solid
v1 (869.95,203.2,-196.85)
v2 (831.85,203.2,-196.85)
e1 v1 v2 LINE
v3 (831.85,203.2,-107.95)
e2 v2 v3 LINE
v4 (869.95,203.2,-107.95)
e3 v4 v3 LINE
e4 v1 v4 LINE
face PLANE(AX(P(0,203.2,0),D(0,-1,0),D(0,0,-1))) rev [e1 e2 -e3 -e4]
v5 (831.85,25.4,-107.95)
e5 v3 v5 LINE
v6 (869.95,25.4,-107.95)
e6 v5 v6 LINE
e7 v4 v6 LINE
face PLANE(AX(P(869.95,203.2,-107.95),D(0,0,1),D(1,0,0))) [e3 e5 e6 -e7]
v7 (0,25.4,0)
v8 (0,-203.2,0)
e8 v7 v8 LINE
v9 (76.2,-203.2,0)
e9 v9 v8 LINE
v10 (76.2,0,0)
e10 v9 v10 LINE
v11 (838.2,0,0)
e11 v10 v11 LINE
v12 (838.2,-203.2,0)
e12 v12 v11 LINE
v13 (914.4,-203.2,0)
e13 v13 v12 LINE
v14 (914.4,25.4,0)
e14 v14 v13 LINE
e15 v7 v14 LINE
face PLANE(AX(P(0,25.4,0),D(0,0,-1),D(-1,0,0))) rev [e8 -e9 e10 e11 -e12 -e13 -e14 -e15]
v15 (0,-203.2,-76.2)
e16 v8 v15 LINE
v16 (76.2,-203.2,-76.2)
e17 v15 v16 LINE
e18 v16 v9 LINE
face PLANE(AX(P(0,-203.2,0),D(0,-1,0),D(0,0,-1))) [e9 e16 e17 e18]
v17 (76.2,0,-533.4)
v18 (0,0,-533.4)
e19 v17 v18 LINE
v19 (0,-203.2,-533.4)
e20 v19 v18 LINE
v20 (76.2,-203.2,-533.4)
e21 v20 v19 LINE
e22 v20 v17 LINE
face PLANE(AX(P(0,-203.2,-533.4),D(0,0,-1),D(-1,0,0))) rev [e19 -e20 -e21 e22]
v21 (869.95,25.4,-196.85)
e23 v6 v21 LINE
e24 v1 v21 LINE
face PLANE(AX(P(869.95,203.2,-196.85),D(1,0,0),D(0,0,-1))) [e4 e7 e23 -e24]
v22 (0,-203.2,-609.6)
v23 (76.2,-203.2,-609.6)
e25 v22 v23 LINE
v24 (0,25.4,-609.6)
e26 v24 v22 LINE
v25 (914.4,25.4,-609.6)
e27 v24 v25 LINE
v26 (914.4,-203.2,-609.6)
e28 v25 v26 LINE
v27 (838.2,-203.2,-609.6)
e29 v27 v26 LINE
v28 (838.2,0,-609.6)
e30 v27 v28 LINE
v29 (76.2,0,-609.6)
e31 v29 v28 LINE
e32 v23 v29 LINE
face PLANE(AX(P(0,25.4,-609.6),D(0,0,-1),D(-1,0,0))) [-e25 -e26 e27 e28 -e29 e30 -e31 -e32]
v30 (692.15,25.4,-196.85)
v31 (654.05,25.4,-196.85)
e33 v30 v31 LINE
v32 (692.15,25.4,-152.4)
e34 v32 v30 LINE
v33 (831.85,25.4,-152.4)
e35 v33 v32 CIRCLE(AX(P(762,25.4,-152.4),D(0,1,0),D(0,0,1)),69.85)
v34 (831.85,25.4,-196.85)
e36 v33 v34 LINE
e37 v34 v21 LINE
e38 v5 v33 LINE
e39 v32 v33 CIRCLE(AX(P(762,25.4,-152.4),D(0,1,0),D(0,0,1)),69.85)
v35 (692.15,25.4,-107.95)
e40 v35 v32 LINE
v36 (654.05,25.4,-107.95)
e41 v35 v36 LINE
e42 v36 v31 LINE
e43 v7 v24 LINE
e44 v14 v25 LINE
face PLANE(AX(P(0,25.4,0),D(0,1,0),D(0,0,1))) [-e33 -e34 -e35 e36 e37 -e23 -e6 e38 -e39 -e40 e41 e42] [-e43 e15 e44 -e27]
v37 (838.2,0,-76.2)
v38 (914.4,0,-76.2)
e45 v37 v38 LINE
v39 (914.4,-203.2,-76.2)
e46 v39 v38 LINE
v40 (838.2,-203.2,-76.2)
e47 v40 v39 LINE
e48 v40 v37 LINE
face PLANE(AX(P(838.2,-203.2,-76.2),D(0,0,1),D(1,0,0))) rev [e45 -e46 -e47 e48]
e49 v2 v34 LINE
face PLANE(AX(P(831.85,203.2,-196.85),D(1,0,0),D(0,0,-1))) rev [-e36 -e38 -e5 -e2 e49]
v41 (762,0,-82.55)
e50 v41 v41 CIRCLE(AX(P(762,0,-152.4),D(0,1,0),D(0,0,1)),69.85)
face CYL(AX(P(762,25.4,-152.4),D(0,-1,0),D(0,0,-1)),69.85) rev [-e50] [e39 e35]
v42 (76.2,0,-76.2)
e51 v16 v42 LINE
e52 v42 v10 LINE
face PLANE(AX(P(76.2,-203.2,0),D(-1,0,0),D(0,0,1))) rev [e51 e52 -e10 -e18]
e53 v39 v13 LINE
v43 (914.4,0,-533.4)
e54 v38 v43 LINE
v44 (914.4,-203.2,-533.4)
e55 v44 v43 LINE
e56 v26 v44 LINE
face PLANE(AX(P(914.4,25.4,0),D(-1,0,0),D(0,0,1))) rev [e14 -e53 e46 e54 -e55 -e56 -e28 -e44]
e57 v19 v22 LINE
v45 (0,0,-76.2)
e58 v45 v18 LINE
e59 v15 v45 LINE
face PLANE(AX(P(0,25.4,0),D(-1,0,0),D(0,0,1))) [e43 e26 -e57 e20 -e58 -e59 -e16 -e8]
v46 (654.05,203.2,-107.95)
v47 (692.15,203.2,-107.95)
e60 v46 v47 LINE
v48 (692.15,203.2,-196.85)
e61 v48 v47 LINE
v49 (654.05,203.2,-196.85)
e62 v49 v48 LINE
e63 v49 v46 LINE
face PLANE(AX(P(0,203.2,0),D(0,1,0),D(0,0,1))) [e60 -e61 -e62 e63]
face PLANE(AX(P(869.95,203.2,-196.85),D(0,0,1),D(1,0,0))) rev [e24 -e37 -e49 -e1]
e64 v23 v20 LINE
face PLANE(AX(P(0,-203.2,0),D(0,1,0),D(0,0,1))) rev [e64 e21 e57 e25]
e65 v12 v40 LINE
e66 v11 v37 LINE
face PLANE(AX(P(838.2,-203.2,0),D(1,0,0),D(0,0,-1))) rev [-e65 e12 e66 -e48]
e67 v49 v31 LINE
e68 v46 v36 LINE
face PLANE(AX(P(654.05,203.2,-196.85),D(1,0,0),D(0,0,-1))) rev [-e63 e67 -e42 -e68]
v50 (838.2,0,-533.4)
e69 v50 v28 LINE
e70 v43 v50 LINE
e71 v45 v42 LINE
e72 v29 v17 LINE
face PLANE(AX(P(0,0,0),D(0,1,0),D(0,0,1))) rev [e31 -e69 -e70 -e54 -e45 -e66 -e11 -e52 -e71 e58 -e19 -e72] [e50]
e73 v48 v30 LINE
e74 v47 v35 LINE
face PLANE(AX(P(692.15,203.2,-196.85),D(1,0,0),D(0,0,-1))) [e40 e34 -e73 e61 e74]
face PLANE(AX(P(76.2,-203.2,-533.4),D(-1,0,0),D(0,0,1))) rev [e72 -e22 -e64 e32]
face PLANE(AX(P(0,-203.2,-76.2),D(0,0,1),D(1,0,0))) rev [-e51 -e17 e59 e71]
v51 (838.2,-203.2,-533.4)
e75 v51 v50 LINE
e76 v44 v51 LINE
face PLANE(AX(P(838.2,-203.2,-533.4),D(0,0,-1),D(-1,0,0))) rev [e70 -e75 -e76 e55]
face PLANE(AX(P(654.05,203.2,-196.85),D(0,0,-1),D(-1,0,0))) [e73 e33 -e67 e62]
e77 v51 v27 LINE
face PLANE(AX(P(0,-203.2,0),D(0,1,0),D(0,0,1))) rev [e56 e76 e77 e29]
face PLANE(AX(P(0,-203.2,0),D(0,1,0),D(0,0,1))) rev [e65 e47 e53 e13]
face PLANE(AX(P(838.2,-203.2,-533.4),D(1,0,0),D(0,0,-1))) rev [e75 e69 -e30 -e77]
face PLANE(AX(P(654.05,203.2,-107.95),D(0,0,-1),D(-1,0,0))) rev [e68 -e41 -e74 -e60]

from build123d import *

# Parameters (mm, degrees)
SKETCH1_W           = 914.4
SKETCH1_H           = 609.6
BOSS_EXTRUDE2_DEPTH = 25.4
SKETCH1_3_R         = 69.85
CUT_EXTRUDE2_DEPTH  = 1100.265518426
SKETCH1_4_W         = 38.1
SKETCH1_4_H         = 88.9
BOSS_EXTRUDE3_DEPTH = 203.2
SKETCH3_W           = 76.2
SKETCH3_H           = 76.2
BOSS_EXTRUDE4_DEPTH = 203.2


with BuildPart() as part:
    # Sketch1 → Boss-Extrude2 (new body)
    with BuildSketch(Plane(origin=(0, 0, 0), x_dir=(1, 0, 0), z_dir=(0, 1, 0))):
        with Locations((457.2, 304.8)):
            Rectangle(SKETCH1_W, SKETCH1_H)
    extrude(amount=BOSS_EXTRUDE2_DEPTH)

    # Sketch1<3> → Cut-Extrude2 (cut, through all)
    with BuildSketch(Plane(origin=(0, 0, 0), x_dir=(1, 0, 0), z_dir=(0, 1, 0))):
        with Locations((762, 152.4)):
            Circle(SKETCH1_3_R)
    extrude(amount=CUT_EXTRUDE2_DEPTH, mode=Mode.SUBTRACT)

    # Sketch1<4> → Boss-Extrude3 (add)
    with BuildSketch(Plane(origin=(0, 0, 0), x_dir=(1, 0, 0), z_dir=(0, 1, 0))):
        with Locations((673.1, 152.4)):
            Rectangle(SKETCH1_4_W, SKETCH1_4_H)
        with Locations((850.9, 152.4)):
            Rectangle(SKETCH1_4_W, SKETCH1_4_H)
    extrude(amount=BOSS_EXTRUDE3_DEPTH)

    # Sketch3 → Boss-Extrude4 (add)
    with BuildSketch(Plane.XZ):
        with Locations((38.1, -571.5)):
            Rectangle(SKETCH3_W, SKETCH3_H)
        with Locations((38.1, -38.1)):
            Rectangle(SKETCH3_W, SKETCH3_H)
        with Locations((876.3, -571.5)):
            Rectangle(SKETCH3_W, SKETCH3_H)
        with Locations((876.3, -38.1)):
            Rectangle(SKETCH3_W, SKETCH3_H)
    extrude(amount=BOSS_EXTRUDE4_DEPTH)


solid = part.part
